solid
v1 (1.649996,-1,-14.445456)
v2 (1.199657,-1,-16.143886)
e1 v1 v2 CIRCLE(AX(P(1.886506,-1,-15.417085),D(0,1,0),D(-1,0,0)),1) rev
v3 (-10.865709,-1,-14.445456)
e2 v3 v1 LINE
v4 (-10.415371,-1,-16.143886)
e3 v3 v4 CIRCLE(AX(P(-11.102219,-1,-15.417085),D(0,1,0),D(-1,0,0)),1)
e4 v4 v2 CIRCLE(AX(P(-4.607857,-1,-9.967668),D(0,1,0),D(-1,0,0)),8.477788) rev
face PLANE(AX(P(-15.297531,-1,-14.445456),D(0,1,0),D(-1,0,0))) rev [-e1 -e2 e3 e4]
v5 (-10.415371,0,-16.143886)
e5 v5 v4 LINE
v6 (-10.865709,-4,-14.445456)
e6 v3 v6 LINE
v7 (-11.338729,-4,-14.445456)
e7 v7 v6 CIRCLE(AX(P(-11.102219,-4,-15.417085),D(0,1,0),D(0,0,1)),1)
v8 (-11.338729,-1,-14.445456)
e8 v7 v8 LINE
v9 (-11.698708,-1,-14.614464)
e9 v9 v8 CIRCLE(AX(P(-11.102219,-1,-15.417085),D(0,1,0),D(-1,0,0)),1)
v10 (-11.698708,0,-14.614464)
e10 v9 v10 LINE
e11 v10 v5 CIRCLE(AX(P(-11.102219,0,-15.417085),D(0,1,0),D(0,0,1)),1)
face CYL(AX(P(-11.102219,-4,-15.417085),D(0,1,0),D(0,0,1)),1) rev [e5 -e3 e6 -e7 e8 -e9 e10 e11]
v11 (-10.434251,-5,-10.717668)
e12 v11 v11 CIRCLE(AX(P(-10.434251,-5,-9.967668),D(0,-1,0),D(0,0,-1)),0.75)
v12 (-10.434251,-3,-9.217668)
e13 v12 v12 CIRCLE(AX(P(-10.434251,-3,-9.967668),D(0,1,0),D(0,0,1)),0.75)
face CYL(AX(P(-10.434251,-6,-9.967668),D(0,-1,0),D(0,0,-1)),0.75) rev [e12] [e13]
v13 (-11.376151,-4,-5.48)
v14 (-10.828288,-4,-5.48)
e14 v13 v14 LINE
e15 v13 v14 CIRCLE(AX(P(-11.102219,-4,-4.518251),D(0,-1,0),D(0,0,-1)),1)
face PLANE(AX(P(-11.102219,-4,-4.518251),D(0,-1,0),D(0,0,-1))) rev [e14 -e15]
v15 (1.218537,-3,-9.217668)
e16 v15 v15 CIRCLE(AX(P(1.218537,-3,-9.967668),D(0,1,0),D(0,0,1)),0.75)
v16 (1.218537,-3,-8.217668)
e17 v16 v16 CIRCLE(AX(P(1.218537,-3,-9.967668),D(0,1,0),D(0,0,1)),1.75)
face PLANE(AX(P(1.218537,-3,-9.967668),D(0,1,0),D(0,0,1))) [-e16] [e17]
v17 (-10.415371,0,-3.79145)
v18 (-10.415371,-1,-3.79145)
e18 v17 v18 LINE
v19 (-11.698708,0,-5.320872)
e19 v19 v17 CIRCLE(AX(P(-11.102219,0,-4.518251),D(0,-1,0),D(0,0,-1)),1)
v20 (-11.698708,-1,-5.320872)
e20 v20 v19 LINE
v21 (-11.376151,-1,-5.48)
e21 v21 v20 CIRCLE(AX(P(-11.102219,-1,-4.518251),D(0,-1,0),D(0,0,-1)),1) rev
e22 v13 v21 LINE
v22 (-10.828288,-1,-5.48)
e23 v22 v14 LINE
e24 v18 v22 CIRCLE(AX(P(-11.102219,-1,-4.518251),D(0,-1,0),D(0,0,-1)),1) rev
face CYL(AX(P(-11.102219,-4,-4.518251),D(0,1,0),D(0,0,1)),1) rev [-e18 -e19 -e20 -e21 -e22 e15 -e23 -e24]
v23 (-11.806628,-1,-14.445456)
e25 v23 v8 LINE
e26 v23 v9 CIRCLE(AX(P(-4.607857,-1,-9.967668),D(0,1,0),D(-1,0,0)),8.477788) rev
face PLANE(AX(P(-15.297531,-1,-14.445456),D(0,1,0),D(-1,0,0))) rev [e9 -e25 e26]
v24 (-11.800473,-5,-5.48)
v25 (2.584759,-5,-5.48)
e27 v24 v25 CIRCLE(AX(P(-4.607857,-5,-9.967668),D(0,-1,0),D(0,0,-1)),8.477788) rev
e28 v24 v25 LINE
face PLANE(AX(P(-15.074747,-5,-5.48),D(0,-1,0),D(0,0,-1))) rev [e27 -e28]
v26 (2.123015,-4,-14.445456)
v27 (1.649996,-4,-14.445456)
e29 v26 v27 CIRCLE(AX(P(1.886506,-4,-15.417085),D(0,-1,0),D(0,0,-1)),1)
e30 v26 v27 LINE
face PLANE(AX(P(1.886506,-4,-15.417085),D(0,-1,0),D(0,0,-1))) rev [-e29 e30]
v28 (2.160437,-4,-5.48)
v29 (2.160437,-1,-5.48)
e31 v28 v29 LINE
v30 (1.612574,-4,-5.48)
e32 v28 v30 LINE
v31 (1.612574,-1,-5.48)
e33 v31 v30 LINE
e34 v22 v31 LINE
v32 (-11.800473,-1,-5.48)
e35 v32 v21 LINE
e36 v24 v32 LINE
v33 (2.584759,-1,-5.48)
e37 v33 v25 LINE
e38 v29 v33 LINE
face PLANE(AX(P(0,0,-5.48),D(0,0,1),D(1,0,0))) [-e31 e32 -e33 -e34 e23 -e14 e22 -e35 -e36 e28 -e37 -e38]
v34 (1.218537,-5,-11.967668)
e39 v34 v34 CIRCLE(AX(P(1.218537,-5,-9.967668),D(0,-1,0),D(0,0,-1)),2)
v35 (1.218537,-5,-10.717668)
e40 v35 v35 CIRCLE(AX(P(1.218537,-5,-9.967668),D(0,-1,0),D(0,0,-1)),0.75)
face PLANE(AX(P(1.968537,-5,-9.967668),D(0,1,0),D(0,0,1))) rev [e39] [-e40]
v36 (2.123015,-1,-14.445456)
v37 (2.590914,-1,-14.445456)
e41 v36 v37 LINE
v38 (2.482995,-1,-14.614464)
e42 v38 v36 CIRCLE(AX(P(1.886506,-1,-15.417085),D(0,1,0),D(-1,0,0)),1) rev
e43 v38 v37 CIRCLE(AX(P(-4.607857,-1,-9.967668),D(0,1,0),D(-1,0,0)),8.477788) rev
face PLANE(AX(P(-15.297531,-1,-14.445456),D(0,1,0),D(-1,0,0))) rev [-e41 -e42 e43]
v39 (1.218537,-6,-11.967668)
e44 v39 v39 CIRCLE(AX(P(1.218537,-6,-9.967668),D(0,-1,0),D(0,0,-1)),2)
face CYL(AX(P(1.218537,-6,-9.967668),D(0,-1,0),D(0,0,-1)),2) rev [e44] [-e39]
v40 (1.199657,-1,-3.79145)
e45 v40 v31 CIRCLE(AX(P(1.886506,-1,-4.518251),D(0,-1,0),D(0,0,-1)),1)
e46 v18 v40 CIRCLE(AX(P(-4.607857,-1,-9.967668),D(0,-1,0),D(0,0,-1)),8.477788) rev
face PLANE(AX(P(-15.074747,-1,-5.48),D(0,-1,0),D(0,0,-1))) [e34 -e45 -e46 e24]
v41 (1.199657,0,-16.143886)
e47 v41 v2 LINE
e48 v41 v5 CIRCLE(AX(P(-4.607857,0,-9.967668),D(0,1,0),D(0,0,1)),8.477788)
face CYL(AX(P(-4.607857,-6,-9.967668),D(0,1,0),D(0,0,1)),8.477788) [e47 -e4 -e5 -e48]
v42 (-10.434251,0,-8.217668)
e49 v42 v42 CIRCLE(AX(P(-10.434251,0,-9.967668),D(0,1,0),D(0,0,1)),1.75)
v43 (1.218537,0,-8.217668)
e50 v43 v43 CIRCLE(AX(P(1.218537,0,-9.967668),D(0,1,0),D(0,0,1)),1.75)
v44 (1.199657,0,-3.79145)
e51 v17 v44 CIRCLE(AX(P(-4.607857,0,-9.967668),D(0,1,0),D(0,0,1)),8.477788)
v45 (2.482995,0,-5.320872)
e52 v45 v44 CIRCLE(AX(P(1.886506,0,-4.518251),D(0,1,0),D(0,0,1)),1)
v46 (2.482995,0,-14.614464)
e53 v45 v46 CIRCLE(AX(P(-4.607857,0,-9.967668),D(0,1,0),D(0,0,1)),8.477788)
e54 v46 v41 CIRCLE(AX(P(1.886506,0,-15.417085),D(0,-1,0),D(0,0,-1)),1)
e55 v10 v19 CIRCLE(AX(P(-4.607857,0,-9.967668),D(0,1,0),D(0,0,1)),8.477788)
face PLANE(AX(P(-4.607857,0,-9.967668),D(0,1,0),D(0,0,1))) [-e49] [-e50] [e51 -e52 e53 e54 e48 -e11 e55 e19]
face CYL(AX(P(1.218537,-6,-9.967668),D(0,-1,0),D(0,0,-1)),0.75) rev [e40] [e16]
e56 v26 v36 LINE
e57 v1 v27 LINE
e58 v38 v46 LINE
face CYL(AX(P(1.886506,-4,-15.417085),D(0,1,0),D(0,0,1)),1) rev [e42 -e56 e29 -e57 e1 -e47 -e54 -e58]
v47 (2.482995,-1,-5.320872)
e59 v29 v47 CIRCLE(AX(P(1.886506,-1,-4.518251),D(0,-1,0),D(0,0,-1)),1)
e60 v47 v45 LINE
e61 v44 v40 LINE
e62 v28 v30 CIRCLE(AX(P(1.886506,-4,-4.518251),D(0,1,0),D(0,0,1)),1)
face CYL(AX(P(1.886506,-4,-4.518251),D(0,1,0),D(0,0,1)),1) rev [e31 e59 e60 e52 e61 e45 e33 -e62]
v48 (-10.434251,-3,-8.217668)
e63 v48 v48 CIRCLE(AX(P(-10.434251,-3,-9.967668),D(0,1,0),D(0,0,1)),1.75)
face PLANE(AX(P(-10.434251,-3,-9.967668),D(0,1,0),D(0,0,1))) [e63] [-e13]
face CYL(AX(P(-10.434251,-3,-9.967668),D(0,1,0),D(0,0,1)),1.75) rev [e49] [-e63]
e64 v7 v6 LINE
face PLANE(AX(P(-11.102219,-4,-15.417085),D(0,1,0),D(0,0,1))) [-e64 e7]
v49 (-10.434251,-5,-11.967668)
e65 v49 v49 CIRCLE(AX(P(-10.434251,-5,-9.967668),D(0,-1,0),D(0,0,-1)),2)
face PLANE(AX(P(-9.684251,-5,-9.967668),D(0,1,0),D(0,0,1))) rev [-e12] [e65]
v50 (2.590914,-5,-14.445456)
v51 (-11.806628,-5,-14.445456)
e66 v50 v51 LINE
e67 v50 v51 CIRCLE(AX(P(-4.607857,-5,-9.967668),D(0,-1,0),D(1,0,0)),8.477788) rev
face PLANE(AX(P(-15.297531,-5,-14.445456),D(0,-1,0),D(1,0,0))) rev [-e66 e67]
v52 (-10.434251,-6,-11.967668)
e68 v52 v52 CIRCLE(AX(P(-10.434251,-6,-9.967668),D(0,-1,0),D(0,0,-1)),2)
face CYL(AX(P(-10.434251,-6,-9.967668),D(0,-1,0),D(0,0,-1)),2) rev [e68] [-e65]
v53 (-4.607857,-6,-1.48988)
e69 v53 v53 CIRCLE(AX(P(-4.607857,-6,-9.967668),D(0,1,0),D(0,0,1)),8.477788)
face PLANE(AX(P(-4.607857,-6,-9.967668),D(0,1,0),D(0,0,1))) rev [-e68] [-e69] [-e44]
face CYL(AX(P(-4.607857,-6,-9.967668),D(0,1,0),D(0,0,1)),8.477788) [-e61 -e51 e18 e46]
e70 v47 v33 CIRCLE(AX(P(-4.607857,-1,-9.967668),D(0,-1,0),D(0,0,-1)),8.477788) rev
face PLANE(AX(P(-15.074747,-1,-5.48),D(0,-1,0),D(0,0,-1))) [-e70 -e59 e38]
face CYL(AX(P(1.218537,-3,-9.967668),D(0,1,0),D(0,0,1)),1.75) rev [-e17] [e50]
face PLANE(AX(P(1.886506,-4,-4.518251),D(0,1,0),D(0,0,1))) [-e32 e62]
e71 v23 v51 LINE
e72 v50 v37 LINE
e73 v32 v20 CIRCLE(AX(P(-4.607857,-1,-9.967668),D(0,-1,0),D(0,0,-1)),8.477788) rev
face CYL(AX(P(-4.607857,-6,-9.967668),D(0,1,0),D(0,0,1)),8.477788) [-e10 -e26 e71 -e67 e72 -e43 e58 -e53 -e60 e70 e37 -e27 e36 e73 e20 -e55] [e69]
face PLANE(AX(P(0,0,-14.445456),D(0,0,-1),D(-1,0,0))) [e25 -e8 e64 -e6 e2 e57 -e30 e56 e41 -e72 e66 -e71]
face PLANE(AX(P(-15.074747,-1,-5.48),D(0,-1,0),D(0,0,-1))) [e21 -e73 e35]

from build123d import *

# Parameters (mm, degrees)
SKETCH1_R                               = 8.477787946
BOSS_EXTRUDE1_DEPTH                     = 6
SKETCH2_R                               = 1.75
CUT_EXTRUDE1_DEPTH                      = 3
CBORE_FOR_M5_HEX_HEAD_BOLT1_D           = 1.5
CBORE_FOR_M5_HEX_HEAD_BOLT1_CBORE_D     = 4
CBORE_FOR_M5_HEX_HEAD_BOLT1_CBORE_DEPTH = 1
CUT_EXTRUDE6_START                      = -1.48
SKETCH10_W                              = 21.455120181
SKETCH10_H                              = 4
CUT_EXTRUDE6_DEPTH                      = 4
SKETCH12_W                              = 22.336955322
SKETCH12_H                              = 4
CUT_EXTRUDE7_DEPTH                      = 4
SKETCH13_R                              = 1
CUT_EXTRUDE8_DEPTH                      = 4


with BuildPart() as part:
    # Sketch1 → Boss-Extrude1 (new body)
    with BuildSketch(Plane(origin=(0, 0, 0), x_dir=(1, 0, 0), z_dir=(0, 1, 0))):
        with Locations(Location((-4.607856835, 9.967667798, 0), (0, 0, 270))):
            Circle(SKETCH1_R)
    extrude(amount=-BOSS_EXTRUDE1_DEPTH)

    # Sketch2 → Cut-Extrude1 (cut)
    with BuildSketch(Plane(origin=(0, 0, 0), x_dir=(1, 0, 0), z_dir=(0, 1, 0))):
        with Locations(Location((-10.434250808, 9.967667798, 0), (0, 0, 270))):
            Circle(SKETCH2_R)
        with Locations(Location((1.218537138, 9.967667798, 0), (0, 0, 270))):
            Circle(SKETCH2_R)
    extrude(amount=-CUT_EXTRUDE1_DEPTH, mode=Mode.SUBTRACT)

    # CBORE for M5 Hex Head Bolt1 (through all)
    with Locations(Plane(origin=(0, -6, 0), x_dir=(-1, 0, 0), z_dir=(0, -1, 0))):
        with Locations((10.434250808, 9.967667798), (-1.218537138, 9.967667798)):
            CounterBoreHole(CBORE_FOR_M5_HEX_HEAD_BOLT1_D / 2, CBORE_FOR_M5_HEX_HEAD_BOLT1_CBORE_D / 2, CBORE_FOR_M5_HEX_HEAD_BOLT1_CBORE_DEPTH)

    # Sketch10 → Cut-Extrude6 (cut)
    with BuildSketch(Plane.XY.offset(CUT_EXTRUDE6_START)):
        with Locations((-4.34718715, -3)):
            Rectangle(SKETCH10_W, SKETCH10_H)
    extrude(amount=-CUT_EXTRUDE6_DEPTH, mode=Mode.SUBTRACT)

    # Sketch12 → Cut-Extrude7 (cut)
    with BuildSketch(Plane(origin=(0, 0, -18.445455745), x_dir=(-1, 0, 0), z_dir=(0, 0, -1))):
        with Locations((4.129052905, -3)):
            Rectangle(SKETCH12_W, SKETCH12_H)
    extrude(amount=-CUT_EXTRUDE7_DEPTH, mode=Mode.SUBTRACT)

    # Sketch13 → Cut-Extrude8 (cut)
    with BuildSketch(Plane(origin=(0, 0, 0), x_dir=(1, 0, 0), z_dir=(0, 1, 0))):
        with Locations((1.886505511, 4.518250749)):
            Circle(SKETCH13_R)
        with Locations((-11.102219182, 4.518250749)):
            Circle(SKETCH13_R)
        with Locations((-11.102219182, 15.417084848)):
            Circle(SKETCH13_R)
        with Locations((1.886505511, 15.417084848)):
            Circle(SKETCH13_R)
    extrude(amount=-CUT_EXTRUDE8_DEPTH, mode=Mode.SUBTRACT)


solid = part.part
